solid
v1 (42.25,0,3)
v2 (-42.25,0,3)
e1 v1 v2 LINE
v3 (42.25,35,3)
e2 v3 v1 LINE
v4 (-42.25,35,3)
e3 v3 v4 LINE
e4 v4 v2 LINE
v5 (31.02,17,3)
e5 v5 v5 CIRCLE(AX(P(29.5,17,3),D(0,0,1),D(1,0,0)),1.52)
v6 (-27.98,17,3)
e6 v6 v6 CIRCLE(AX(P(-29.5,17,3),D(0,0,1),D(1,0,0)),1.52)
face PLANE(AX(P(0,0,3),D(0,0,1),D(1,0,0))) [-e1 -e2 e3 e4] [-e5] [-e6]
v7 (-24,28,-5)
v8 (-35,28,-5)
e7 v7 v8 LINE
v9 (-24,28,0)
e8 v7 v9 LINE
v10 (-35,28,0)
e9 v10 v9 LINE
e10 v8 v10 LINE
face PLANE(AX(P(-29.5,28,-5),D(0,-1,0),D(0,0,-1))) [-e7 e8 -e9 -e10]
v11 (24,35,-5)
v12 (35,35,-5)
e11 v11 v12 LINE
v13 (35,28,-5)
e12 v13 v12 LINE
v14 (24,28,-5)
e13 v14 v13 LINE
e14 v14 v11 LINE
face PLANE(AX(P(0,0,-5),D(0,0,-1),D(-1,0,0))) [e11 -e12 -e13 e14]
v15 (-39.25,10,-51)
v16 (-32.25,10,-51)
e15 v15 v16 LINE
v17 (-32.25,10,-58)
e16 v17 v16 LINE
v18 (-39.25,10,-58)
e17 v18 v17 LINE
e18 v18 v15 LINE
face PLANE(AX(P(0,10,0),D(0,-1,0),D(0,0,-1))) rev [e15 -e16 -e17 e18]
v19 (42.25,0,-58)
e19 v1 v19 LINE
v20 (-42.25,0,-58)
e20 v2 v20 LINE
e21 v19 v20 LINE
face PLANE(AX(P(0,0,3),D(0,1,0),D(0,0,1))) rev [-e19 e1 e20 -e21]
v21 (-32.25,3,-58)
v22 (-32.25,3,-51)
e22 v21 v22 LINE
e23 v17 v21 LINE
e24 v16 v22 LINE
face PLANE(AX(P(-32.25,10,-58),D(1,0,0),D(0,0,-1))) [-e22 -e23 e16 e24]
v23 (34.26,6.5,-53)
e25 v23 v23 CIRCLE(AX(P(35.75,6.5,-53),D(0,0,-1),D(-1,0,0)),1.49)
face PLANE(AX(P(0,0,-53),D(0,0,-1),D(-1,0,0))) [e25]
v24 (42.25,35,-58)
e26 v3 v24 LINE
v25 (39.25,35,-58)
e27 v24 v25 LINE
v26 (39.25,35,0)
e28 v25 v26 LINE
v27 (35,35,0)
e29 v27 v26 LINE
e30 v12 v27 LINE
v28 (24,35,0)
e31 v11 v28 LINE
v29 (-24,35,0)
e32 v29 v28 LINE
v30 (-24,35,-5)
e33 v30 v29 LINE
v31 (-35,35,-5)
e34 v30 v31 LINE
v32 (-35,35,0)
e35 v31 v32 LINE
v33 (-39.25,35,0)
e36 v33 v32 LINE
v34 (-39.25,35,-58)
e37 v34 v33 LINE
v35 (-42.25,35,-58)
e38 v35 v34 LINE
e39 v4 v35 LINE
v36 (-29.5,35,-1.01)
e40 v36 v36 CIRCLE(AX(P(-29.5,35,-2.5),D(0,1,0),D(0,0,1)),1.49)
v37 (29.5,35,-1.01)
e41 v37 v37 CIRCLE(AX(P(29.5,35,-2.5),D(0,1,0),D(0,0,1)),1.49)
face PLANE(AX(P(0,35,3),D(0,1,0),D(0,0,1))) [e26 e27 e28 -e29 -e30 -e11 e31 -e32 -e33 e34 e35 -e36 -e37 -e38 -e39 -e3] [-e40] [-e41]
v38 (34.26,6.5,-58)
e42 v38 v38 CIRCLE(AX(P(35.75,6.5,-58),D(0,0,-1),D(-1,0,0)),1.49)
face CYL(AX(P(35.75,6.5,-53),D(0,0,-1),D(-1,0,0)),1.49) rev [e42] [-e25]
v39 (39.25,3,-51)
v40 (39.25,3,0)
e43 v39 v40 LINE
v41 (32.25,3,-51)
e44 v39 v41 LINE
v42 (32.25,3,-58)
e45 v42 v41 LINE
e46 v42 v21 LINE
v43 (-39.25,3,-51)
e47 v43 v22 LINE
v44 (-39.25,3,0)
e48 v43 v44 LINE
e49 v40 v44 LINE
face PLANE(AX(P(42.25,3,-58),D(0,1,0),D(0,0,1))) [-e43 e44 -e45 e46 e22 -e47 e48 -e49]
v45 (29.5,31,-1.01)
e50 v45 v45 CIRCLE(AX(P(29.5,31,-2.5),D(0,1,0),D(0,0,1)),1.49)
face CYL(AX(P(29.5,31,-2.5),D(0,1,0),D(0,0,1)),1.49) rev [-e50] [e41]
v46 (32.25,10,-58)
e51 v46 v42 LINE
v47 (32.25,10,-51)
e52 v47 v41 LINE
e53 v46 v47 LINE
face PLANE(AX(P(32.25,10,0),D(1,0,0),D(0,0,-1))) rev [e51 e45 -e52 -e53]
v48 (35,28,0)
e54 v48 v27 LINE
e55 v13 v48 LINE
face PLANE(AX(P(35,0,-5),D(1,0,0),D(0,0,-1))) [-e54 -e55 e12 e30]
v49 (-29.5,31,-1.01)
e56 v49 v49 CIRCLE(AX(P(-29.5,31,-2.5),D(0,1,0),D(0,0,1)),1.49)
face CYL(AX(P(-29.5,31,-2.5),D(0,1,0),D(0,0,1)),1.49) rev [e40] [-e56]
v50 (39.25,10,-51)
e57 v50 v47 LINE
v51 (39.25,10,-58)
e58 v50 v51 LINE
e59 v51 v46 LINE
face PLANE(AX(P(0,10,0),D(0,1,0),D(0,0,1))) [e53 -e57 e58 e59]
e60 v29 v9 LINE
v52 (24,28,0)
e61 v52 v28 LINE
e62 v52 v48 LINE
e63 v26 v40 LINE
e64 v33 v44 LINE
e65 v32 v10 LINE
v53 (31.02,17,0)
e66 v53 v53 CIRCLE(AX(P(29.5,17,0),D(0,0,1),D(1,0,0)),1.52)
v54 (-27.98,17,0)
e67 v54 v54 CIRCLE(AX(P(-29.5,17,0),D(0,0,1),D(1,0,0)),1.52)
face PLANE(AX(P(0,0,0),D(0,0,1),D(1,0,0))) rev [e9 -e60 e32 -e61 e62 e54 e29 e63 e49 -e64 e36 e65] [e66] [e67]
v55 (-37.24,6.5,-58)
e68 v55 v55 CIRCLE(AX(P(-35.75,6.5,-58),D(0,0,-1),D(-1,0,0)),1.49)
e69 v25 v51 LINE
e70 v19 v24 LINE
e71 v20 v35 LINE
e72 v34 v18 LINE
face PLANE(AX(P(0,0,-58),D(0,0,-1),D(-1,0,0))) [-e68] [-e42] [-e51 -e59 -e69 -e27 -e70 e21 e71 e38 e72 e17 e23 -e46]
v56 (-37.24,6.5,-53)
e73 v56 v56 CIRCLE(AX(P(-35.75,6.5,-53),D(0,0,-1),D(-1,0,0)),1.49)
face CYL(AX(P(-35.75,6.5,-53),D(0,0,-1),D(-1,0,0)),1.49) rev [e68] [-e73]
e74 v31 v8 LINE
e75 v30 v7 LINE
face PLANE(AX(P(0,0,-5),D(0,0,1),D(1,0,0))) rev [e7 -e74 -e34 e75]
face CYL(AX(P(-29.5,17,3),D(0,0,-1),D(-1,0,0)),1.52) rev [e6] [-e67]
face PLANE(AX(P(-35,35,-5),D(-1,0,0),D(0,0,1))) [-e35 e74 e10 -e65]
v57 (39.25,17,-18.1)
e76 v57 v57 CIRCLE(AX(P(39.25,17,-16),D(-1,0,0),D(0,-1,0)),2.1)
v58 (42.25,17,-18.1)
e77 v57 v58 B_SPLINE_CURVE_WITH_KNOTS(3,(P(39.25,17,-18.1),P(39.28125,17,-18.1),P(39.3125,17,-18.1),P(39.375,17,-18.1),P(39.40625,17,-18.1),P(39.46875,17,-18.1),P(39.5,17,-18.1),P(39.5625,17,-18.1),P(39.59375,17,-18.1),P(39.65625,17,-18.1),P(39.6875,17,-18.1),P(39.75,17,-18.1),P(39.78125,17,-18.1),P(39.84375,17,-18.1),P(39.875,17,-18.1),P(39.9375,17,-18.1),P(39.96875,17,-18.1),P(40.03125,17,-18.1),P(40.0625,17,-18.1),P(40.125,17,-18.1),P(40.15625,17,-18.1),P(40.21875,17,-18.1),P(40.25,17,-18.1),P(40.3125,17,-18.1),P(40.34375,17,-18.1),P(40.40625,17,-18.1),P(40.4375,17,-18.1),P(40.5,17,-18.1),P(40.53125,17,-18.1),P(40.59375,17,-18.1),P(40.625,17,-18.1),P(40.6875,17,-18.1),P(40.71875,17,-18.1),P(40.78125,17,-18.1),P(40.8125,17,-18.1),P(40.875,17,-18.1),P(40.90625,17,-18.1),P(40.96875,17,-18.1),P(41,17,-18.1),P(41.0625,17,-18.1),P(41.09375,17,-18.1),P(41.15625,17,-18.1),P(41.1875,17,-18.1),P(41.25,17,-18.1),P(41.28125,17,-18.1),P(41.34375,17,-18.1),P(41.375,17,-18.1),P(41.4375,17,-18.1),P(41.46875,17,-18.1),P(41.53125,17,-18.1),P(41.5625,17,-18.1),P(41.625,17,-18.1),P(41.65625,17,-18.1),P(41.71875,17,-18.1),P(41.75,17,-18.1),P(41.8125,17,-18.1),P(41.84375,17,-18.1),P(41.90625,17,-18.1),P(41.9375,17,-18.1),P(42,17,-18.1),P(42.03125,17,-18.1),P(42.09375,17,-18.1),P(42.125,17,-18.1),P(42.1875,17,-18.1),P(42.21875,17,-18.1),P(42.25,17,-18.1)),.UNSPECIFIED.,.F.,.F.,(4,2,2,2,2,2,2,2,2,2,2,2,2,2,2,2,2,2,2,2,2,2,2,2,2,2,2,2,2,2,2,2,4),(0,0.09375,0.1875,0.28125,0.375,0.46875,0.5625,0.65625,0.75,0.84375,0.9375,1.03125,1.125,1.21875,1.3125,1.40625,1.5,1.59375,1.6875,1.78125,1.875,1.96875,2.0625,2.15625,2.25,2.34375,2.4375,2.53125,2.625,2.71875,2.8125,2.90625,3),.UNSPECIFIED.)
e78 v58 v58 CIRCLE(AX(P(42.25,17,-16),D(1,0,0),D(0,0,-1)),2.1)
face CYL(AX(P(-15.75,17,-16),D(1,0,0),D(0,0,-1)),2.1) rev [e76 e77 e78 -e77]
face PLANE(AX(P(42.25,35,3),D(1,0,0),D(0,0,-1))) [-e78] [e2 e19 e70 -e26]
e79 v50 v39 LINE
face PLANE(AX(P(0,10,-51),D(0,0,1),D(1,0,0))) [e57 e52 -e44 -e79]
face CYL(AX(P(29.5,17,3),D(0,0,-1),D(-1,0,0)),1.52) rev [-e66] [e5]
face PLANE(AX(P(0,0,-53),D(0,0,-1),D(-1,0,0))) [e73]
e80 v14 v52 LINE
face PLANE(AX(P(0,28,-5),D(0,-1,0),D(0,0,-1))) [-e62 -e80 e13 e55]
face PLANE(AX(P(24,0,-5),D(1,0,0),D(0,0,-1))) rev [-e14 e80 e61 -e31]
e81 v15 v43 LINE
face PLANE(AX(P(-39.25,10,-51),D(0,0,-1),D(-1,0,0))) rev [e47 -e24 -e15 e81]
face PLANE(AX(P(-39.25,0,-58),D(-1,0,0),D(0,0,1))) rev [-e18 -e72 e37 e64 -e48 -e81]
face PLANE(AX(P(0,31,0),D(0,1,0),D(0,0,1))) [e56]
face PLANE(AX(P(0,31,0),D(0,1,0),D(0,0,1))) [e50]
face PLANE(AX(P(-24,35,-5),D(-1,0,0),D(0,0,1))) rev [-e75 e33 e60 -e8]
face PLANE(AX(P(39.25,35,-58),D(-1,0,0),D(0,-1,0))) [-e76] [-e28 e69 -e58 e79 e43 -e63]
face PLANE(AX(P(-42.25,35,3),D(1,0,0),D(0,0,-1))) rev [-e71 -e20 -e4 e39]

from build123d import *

# Parameters (mm, degrees)
SKETCH_1_R          = 1.52
EXTRUDE_2_DEPTH     = 3
SKETCH_2_W          = 84.5
SKETCH_2_H          = 3
EXTRUDE_3_DEPTH     = 58
SKETCH_3_W          = 3
SKETCH_3_H          = 32
EXTRUDE_4_DEPTH     = 58
SKETCH_5_R          = 2.1
CUT_EXTRUDE_1_DEPTH = 58
EXTRUDE_9_DEPTH     = 5
CUT_EXTRUDE_4_DEPTH = 4
SKETCH_15_W         = 7
SKETCH_15_H         = 7
EXTRUDE_10_DEPTH    = 7
CUT_EXTRUDE_5_DEPTH = 5


with BuildPart() as part:
    # 草图1 → 凸台-拉伸2 (new body)
    with BuildSketch(Plane.XY):
        Polygon((0, 0), (42.25, 0), (42.25, 35), (0, 35), (-42.25, 35), (-42.25, 0), align=None)
        with Locations((-29.5, 17)):
            Circle(SKETCH_1_R, mode=Mode.SUBTRACT)
        with Locations((29.5, 17)):
            Circle(SKETCH_1_R, mode=Mode.SUBTRACT)
    extrude(amount=EXTRUDE_2_DEPTH)

    # 草图2 → 凸台-拉伸3 (add)
    with BuildSketch(Plane(origin=(0, 0, 0), x_dir=(-1, 0, 0), z_dir=(0, 0, -1))):
        with Locations((0, 1.5)):
            Rectangle(SKETCH_2_W, SKETCH_2_H)
    extrude(amount=EXTRUDE_3_DEPTH)

    # 草图3 → 凸台-拉伸4 (add)
    with BuildSketch(Plane(origin=(0, 0, 0), x_dir=(-1, 0, 0), z_dir=(0, 0, -1))):
        with Locations((40.75, 19)):
            Rectangle(SKETCH_3_W, SKETCH_3_H)
        with Locations((-40.75, 19)):
            Rectangle(SKETCH_3_W, SKETCH_3_H)
    extrude(amount=EXTRUDE_4_DEPTH)

    # 草图5 → 切除-拉伸1 (cut)
    with BuildSketch(Plane(origin=(42.25, 0, 0), x_dir=(0, 0, -1), z_dir=(1, 0, 0))):
        with Locations((16, 17)):
            Circle(SKETCH_5_R)
    extrude(amount=-CUT_EXTRUDE_1_DEPTH, mode=Mode.SUBTRACT)

    # 草图12 → 凸台-拉伸9 (add)
    with BuildSketch(Plane(origin=(0, 0, 0), x_dir=(-1, 0, 0), z_dir=(0, 0, -1))):
        Polygon((-35, 28), (-35, 35), (-24, 35), (-24, 28), (-29.5, 28), align=None)
        Polygon((29.5, 28), (24, 28), (24, 35), (35, 35), (35, 28), align=None)
    extrude(amount=EXTRUDE_9_DEPTH)

    # 草图14 → 切除-拉伸4 (cut)
    with BuildSketch(Plane(origin=(0, 35, 0), x_dir=(1, 0, 0), z_dir=(0, 1, 0))):
        with BuildLine():
            ThreePointArc((-28.01, 2.5), (-29.184567453, 3.956228797), (-30.856446051, 3.116566387))
            Line((-30.856446051, 3.116566387), (-28.143553949, 1.883433613))
            ThreePointArc((-28.143553949, 1.883433613), (-28.043771203, 2.184567453), (-28.01, 2.5))
        make_face()
        with BuildLine():
            Line((-28.143553949, 1.883433613), (-30.856446051, 3.116566387))
            ThreePointArc((-30.856446051, 3.116566387), (-30.116566387, 1.143553949), (-28.143553949, 1.883433613))
        make_face()
        with BuildLine():
            ThreePointArc((30.99, 2.5), (29.815432547, 3.956228797), (28.143553949, 3.116566387))
            Line((28.143553949, 3.116566387), (30.856446051, 1.883433613))
            ThreePointArc((30.856446051, 1.883433613), (30.956228797, 2.184567453), (30.99, 2.5))
        make_face()
        with BuildLine():
            Line((30.856446051, 1.883433613), (28.143553949, 3.116566387))
            ThreePointArc((28.143553949, 3.116566387), (28.883433613, 1.143553949), (30.856446051, 1.883433613))
        make_face()
    extrude(amount=-CUT_EXTRUDE_4_DEPTH, mode=Mode.SUBTRACT)

    # 草图15 → 凸台-拉伸10 (add)
    with BuildSketch(Plane(origin=(0, 3, 0), x_dir=(1, 0, 0), z_dir=(0, 1, 0))):
        with Locations((35.75, 54.5)):
            Rectangle(SKETCH_15_W, SKETCH_15_H)
        with Locations((-35.75, 54.5)):
            Rectangle(SKETCH_15_W, SKETCH_15_H)
    extrude(amount=EXTRUDE_10_DEPTH)

    # 草图16 → 切除-拉伸5 (cut)
    with BuildSketch(Plane(origin=(0, 0, -58), x_dir=(-1, 0, 0), z_dir=(0, 0, -1))):
        with BuildLine():
            ThreePointArc((-34.26, 6.5), (-35.179801686, 7.876580503), (-36.803589104, 7.553589104))
            Line((-36.803589104, 7.553589104), (-34.696410896, 5.446410896))
            ThreePointArc((-34.696410896, 5.446410896), (-34.373419497, 5.929801686), (-34.26, 6.5))
        make_face()
        with BuildLine():
            Line((-34.696410896, 5.446410896), (-36.803589104, 7.553589104))
            ThreePointArc((-36.803589104, 7.553589104), (-36.803589104, 5.446410896), (-34.696410896, 5.446410896))
        make_face()
        with BuildLine():
            ThreePointArc((36.803589104, 7.553589104), (34.696410896, 7.553589104), (34.696410896, 5.446410896))
            Line((34.696410896, 5.446410896), (36.803589104, 7.553589104))
        make_face()
        with BuildLine():
            Line((36.803589104, 7.553589104), (34.696410896, 5.446410896))
            ThreePointArc((34.696410896, 5.446410896), (36.320198314, 5.123419497), (37.24, 6.5))
            ThreePointArc((37.24, 6.5), (37.126580503, 7.070198314), (36.803589104, 7.553589104))
        make_face()
    extrude(amount=-CUT_EXTRUDE_5_DEPTH, mode=Mode.SUBTRACT)


solid = part.part
